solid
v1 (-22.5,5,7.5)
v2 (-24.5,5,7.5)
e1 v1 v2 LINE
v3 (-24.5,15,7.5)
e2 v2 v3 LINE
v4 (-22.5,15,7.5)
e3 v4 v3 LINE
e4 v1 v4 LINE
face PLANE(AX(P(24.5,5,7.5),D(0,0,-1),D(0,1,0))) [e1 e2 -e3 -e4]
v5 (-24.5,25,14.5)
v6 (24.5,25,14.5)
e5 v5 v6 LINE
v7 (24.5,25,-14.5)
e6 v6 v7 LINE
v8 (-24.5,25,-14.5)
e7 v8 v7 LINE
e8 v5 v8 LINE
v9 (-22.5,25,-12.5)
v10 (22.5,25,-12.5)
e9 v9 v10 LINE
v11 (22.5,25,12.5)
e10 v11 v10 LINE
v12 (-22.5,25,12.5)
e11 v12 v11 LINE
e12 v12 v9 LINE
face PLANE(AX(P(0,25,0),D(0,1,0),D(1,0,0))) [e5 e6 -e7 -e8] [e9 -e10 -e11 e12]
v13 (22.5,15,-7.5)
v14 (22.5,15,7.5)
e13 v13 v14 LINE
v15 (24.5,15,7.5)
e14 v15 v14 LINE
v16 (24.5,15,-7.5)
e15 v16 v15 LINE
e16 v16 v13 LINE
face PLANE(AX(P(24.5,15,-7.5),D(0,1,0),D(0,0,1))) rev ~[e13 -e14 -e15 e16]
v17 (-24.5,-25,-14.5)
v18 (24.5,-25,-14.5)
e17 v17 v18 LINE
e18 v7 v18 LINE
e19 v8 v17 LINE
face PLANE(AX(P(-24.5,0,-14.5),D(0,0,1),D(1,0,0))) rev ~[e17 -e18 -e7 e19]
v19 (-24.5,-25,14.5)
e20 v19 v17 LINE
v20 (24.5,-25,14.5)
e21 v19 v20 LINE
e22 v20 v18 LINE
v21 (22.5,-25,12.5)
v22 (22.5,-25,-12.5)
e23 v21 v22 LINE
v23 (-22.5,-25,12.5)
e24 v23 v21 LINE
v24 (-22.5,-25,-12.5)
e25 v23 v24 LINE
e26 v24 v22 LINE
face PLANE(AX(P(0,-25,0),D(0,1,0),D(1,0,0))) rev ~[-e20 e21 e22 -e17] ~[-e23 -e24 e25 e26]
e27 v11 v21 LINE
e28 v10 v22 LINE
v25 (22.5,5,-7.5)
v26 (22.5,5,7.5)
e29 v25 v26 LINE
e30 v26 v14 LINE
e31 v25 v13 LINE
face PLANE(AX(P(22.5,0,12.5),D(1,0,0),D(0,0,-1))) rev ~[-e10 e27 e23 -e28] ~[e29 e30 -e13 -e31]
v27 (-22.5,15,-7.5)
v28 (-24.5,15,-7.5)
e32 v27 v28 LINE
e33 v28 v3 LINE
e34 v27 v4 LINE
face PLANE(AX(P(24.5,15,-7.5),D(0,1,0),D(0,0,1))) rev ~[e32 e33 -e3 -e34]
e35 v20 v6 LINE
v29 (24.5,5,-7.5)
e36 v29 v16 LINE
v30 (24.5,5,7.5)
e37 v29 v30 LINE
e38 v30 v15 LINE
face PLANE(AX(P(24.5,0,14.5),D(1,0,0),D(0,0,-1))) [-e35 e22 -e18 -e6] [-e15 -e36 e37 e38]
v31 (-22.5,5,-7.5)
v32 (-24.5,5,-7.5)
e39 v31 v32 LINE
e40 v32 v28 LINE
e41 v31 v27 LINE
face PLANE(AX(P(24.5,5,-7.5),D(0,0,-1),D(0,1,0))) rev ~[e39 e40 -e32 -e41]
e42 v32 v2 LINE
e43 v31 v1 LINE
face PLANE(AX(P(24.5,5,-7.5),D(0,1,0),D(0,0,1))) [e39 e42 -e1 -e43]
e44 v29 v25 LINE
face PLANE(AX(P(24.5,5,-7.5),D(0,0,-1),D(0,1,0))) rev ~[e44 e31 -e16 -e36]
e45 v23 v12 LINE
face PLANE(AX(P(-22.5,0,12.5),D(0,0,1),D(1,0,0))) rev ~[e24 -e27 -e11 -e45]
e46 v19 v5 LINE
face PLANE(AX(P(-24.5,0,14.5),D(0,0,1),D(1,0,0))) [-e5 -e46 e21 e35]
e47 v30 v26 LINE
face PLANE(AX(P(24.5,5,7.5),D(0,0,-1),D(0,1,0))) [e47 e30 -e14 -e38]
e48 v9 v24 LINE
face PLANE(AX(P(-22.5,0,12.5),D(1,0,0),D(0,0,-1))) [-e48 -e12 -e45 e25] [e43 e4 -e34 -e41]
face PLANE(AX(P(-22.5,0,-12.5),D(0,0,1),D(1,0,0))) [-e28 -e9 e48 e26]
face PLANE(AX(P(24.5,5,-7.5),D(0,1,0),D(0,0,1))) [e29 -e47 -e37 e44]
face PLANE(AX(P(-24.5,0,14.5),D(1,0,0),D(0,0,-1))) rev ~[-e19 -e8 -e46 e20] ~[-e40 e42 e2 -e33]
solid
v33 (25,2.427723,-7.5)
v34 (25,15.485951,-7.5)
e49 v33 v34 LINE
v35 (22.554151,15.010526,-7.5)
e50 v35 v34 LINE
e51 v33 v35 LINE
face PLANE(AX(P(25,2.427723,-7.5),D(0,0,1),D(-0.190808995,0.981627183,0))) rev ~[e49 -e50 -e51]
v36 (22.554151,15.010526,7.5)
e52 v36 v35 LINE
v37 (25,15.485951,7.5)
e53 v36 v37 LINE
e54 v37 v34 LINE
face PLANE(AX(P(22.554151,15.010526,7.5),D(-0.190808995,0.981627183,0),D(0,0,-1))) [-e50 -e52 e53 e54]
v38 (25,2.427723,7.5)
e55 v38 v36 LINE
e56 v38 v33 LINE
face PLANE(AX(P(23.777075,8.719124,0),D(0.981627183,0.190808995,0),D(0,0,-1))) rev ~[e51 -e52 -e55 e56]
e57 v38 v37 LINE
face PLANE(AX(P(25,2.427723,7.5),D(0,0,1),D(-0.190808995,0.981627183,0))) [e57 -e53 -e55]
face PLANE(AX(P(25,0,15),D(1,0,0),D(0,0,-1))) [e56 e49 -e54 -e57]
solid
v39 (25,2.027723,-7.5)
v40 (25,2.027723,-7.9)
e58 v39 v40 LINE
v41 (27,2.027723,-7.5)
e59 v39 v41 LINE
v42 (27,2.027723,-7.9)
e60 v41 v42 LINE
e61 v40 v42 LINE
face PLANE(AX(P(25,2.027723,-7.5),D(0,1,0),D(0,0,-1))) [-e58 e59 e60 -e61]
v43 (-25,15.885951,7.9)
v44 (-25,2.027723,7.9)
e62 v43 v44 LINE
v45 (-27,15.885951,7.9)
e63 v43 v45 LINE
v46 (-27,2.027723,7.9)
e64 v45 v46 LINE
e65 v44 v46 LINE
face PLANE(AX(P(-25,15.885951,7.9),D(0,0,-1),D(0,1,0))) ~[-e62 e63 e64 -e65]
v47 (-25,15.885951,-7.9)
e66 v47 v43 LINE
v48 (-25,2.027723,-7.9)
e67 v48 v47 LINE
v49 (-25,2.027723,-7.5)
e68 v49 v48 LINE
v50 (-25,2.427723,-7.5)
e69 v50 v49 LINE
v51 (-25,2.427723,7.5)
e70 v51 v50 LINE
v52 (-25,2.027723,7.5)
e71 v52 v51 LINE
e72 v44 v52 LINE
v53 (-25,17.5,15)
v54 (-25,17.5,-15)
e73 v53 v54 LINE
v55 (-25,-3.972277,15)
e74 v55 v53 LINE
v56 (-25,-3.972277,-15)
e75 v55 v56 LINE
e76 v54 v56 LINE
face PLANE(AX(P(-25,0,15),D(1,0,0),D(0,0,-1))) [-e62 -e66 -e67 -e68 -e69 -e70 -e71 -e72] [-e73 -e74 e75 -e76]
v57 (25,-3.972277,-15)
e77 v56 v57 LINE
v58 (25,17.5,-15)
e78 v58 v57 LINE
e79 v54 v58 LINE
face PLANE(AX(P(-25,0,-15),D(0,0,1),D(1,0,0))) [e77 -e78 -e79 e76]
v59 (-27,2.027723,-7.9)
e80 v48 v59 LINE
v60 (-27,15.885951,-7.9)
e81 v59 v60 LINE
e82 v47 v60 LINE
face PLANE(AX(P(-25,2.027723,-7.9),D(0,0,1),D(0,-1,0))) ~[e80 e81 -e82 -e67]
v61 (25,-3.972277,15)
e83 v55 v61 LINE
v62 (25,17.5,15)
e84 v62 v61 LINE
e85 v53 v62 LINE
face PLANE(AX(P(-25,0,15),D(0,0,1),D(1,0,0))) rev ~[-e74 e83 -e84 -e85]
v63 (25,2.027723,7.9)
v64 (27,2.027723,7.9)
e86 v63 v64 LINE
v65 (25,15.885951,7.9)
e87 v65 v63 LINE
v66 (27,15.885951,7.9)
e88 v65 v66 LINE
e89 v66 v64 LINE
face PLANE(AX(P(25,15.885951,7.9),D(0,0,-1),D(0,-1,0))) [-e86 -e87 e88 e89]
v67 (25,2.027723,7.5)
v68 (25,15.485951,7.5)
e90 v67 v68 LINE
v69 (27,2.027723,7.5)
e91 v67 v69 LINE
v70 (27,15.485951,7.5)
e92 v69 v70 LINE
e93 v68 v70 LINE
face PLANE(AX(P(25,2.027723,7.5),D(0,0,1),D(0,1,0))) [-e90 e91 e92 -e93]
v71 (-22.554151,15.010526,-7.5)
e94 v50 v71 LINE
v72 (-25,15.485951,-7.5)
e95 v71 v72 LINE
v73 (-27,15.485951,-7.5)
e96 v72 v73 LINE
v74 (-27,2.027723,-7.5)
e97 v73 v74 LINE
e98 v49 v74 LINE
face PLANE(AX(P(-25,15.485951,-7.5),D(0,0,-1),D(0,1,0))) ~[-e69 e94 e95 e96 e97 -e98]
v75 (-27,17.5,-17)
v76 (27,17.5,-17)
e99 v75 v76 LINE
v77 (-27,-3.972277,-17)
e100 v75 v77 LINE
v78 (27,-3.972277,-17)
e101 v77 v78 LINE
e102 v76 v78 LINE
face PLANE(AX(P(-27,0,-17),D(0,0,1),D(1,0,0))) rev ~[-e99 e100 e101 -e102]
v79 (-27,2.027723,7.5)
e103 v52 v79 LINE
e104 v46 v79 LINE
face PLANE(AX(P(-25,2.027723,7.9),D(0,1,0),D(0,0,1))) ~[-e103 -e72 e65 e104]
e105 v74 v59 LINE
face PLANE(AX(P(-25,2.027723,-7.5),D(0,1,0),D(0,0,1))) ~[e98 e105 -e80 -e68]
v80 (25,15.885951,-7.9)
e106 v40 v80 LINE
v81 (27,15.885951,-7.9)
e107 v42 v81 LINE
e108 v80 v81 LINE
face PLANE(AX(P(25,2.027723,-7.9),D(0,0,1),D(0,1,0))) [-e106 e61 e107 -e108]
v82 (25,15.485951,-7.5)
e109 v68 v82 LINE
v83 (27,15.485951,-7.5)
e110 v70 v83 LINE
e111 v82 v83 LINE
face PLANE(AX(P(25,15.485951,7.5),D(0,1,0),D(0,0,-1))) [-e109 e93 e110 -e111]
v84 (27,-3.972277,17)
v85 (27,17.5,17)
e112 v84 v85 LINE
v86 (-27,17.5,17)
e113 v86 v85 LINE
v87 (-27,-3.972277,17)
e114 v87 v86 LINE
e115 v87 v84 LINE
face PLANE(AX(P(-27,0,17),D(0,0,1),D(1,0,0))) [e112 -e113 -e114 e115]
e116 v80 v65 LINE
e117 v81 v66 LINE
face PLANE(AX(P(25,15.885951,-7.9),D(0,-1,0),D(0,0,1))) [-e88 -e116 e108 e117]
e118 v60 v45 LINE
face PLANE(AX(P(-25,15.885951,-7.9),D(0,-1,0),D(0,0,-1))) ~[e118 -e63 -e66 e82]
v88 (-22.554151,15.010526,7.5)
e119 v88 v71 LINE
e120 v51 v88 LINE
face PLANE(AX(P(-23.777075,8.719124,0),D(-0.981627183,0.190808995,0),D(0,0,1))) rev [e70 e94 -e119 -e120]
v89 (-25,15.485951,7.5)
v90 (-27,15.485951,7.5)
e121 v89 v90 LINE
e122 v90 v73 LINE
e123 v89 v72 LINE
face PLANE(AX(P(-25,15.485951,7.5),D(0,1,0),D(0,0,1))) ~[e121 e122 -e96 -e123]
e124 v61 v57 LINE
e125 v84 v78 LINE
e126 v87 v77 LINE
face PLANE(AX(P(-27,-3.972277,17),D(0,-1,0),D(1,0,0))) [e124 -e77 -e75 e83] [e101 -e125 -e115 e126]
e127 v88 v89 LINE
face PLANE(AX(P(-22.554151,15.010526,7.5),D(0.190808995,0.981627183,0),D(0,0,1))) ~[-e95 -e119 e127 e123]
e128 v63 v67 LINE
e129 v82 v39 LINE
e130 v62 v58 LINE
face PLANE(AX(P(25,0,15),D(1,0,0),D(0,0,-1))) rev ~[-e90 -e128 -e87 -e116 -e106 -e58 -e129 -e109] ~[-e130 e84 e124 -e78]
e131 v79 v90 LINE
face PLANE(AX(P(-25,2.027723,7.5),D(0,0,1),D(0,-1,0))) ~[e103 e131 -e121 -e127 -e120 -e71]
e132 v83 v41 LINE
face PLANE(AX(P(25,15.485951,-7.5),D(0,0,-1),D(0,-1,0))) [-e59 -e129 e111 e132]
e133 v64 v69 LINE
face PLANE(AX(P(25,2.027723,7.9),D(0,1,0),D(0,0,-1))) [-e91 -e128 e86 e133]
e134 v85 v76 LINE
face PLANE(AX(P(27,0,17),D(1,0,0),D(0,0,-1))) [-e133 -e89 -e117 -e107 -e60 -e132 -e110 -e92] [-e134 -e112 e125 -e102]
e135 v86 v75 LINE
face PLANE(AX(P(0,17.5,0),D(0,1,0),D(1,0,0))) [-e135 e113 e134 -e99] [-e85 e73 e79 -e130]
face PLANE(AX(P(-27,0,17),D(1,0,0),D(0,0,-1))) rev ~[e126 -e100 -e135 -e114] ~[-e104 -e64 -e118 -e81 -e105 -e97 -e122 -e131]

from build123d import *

# Parameters (mm, degrees)
CROQUIS1_W                 = 49
CROQUIS1_H                 = 29
CROQUIS1_W_2               = 45
CROQUIS1_H_2               = 25
SALIENTE_EXTRUIR1_DEPTH    = 25
CROQUIS2_W                 = 54
CROQUIS2_H                 = 34
CROQUIS2_W_2               = 50
CROQUIS2_H_2               = 30
SALIENTE_EXTRUIR2_DEPTH    = 17.5
CORTAR_EXTRUIR1_START      = -2
CROQUIS3_W                 = 15
CROQUIS3_H                 = 10
CORTAR_EXTRUIR1_DEPTH      = 49
SALIENTE_EXTRUIR3_REACH    = 63.904
CROQUIS4_W                 = 15
CROQUIS4_H                 = 12.818311358
CORTAR_EXTRUIR2_DEPTH      = 2
CROQUIS7_W                 = 54
CROQUIS7_H                 = 13.527722992
CORTAR_EXTRUIR3_DEPTH      = 51.0999002
CORTAR_EXTRUIR3_DEPTH_BACK = 51.0999002


with BuildPart() as part:
    # Croquis1 → Saliente-Extruir1 (new, symmetric)
    with BuildSketch(Plane(origin=(0, 0, 0), x_dir=(1, 0, 0), z_dir=(0, 1, 0))):
        Rectangle(CROQUIS1_W, CROQUIS1_H)
        Rectangle(CROQUIS1_W_2, CROQUIS1_H_2, mode=Mode.SUBTRACT)
    extrude(amount=SALIENTE_EXTRUIR1_DEPTH, both=True)

    # Croquis3 → Cortar-Extruir1 (cut)
    with BuildSketch(Plane.ZY.offset(-22.5).offset(CORTAR_EXTRUIR1_START)):
        with Locations((0, 10)):
            Rectangle(CROQUIS3_W, CROQUIS3_H)
    extrude(amount=CORTAR_EXTRUIR1_DEPTH, mode=Mode.SUBTRACT)


with BuildPart() as body_2:
    # Croquis2 → Saliente-Extruir2 (new, symmetric)
    with BuildSketch(Plane(origin=(0, 0, 0), x_dir=(1, 0, 0), z_dir=(0, 1, 0))):
        Rectangle(CROQUIS2_W, CROQUIS2_H)
        Rectangle(CROQUIS2_W_2, CROQUIS2_H_2, mode=Mode.SUBTRACT)
    extrude(amount=SALIENTE_EXTRUIR2_DEPTH, both=True)


with BuildPart() as body_3:

    # Croquis4 → Saliente-Extruir3 (new, up to next)
    with BuildSketch(Plane(origin=(24.544518702, 4.770971133, 0), x_dir=(0, 0, -1), z_dir=(0.9816271834476652, 0.19080899537653845, 0)), mode=Mode.PRIVATE) as saliente_extruir3_sk1:
        with Locations((0, 4.022049677)):
            Rectangle(CROQUIS4_W, CROQUIS4_H)
    saliente_extruir3_tool1 = extrude(saliente_extruir3_sk1.sketch, amount=SALIENTE_EXTRUIR3_REACH, mode=Mode.PRIVATE) - body_2.part
    saliente_extruir3 = saliente_extruir3_tool1.solids().sort_by_distance((23.777075, 8.719124, 0))[0]
    add(saliente_extruir3)


with BuildPart() as body_2_1:
    add(body_2.part)

    # Croquis6 → Cortar-Extruir2 (cut)
    with BuildSketch(Plane.ZY.offset(-25)):
        Polygon((-7.9, 15.885950773), (7.9, 15.885950773), (7.9, 2.027722992), (7.5, 2.027722992), (7.5, 15.485950773), (-7.5, 15.485950773), (-7.5, 2.027722992), (-7.9, 2.027722992), align=None)
    cortar_extruir2 = extrude(amount=-CORTAR_EXTRUIR2_DEPTH, mode=Mode.SUBTRACT)

    # Simetría1: Saliente-Extruir3 across plane
    add(saliente_extruir3.mirror(Plane(origin=(0, 0, 0), x_dir=(0, 0, 1), z_dir=(1, 0, 0))))

    # Simetr_a1 2: Cortar-Extruir2 across plane
    add(cortar_extruir2.mirror(Plane(origin=(0, 0, 0), x_dir=(0, 0, 1), z_dir=(1, 0, 0))), mode=Mode.SUBTRACT)

    # Croquis7 → Cortar-Extruir3 (cut, two sides)
    with BuildSketch(Plane.XY.offset(17)) as cortar_extruir3_sk:
        with Locations((0, -10.736138504)):
            Rectangle(CROQUIS7_W, CROQUIS7_H)
    extrude(amount=CORTAR_EXTRUIR3_DEPTH, mode=Mode.SUBTRACT)
    extrude(cortar_extruir3_sk.sketch, amount=-CORTAR_EXTRUIR3_DEPTH_BACK, mode=Mode.SUBTRACT)


solid = Compound([part.part, body_3.part, body_2_1.part])
